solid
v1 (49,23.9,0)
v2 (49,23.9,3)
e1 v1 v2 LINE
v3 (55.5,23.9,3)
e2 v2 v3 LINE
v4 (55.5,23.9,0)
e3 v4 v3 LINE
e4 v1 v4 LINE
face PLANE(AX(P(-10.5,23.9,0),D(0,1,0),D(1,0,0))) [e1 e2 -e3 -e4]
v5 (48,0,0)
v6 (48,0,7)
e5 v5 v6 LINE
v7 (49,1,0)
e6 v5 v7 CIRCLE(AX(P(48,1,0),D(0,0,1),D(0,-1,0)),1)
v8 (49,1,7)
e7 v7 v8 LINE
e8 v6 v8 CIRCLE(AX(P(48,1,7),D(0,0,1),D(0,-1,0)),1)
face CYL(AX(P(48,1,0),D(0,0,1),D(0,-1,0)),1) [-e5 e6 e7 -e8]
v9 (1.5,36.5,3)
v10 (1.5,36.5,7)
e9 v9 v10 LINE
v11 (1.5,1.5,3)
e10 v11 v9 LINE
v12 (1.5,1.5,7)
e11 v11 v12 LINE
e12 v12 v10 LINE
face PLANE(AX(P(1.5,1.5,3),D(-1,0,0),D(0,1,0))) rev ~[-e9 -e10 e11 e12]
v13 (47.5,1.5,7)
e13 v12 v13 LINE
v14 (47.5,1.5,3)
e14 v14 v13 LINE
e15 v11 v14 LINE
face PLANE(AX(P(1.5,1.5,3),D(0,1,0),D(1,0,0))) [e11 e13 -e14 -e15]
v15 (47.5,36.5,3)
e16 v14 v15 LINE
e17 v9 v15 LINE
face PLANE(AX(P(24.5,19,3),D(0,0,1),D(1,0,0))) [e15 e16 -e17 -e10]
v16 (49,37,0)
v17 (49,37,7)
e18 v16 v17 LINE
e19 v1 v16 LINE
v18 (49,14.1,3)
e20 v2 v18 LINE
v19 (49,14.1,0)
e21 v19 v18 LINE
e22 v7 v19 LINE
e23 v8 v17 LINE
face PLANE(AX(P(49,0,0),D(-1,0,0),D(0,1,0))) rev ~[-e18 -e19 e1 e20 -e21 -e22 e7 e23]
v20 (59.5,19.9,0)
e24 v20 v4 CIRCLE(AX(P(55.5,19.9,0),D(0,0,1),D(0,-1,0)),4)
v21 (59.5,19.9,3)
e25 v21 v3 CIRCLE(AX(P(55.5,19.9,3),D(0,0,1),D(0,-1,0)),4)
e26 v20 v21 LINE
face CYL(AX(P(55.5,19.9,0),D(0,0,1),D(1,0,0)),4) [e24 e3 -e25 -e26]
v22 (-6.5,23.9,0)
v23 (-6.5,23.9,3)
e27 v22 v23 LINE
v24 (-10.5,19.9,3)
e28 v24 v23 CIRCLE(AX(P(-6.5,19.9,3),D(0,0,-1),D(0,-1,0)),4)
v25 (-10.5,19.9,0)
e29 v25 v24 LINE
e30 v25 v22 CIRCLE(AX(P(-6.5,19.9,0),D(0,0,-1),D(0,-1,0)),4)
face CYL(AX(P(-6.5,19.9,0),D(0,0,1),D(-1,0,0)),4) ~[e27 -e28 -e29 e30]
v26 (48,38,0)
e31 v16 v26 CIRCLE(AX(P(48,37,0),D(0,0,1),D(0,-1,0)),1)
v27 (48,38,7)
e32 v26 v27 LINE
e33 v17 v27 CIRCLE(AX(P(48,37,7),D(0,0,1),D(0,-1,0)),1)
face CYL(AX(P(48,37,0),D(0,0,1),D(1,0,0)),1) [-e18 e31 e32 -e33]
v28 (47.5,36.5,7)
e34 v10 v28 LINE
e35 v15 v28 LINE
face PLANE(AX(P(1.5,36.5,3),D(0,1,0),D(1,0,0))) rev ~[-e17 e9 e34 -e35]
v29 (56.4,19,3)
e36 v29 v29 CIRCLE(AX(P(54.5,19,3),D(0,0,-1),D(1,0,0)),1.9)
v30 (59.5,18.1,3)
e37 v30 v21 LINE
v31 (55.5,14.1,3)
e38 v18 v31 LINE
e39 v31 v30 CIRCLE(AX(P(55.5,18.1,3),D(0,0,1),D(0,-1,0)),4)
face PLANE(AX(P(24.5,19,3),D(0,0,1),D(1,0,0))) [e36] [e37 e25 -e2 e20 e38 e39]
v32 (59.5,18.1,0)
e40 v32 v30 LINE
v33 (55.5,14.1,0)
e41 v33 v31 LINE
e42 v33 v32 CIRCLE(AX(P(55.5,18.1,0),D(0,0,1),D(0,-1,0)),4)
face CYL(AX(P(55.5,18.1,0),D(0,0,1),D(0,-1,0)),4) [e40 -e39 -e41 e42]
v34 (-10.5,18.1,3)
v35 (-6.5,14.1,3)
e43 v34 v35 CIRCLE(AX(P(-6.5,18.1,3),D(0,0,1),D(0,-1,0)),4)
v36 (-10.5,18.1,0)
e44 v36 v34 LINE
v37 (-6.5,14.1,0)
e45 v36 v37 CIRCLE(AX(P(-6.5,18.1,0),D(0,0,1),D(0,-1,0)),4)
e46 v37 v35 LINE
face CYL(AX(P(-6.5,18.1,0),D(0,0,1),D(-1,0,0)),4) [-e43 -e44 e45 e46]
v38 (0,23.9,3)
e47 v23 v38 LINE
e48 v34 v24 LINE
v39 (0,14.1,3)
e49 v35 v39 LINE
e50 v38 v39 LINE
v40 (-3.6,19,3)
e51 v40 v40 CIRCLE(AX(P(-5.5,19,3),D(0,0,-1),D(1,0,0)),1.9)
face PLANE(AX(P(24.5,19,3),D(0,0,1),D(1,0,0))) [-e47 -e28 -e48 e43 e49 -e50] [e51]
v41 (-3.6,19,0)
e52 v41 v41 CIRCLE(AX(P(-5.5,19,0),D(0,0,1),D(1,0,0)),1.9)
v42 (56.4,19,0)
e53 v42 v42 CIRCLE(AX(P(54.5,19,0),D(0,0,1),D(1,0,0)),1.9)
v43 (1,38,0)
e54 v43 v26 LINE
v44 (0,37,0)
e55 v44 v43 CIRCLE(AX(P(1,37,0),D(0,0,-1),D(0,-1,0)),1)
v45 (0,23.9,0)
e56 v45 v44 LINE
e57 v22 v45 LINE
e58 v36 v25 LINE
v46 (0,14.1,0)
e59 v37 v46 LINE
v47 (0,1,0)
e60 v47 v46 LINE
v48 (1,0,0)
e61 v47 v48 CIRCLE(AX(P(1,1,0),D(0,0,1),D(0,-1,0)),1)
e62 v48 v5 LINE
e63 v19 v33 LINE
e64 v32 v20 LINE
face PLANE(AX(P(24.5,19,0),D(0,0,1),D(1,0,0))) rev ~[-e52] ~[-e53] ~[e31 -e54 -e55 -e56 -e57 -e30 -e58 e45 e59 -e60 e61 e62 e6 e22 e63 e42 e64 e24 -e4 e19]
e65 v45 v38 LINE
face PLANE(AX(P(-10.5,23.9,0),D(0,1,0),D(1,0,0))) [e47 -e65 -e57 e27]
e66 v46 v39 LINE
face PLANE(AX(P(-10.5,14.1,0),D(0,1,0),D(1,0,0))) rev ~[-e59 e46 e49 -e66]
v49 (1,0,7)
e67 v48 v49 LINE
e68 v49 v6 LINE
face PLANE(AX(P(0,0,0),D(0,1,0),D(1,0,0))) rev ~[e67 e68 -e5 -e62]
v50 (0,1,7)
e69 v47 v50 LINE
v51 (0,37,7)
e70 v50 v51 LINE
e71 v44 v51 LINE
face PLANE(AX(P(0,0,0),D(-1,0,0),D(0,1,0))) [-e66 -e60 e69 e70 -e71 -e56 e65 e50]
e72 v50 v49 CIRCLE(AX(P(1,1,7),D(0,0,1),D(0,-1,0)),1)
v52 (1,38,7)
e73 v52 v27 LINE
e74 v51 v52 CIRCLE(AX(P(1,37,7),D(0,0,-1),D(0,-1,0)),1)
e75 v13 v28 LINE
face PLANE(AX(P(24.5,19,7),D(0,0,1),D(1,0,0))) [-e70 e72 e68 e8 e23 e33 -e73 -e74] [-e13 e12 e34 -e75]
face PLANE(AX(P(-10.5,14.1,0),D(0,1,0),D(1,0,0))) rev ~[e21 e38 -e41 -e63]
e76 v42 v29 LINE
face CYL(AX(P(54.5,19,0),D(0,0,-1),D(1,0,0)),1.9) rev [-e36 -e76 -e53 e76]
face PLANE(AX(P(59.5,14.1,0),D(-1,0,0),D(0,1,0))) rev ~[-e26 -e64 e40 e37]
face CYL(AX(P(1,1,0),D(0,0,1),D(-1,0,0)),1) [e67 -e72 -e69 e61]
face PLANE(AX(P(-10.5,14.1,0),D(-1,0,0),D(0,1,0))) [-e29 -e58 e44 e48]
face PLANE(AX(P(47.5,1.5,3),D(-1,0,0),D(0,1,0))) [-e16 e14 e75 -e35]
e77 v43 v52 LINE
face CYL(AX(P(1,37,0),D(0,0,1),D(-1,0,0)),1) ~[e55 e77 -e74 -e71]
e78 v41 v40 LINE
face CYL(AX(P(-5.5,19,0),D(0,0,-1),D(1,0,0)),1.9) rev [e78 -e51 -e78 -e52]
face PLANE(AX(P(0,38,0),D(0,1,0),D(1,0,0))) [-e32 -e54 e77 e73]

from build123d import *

# Parameters (mm, degrees)
BOX001_W          = 46
BOX001_H          = 35
BOX001_DEPTH      = 4
BOX_W             = 49
BOX_H             = 38
BOX_DEPTH         = 7
FILLET_R          = 1
CYLINDER001_R     = 1.9
CYLINDER001_DEPTH = 10
ARRAY002_X_COUNT  = 2
ARRAY002_X_PITCH  = 60
BOX005_W          = 70
BOX005_H          = 9.8
BOX005_DEPTH      = 3
FILLET002_R       = 4


with BuildPart() as internal_cube:
    # Box001 → Box001 (new body)
    with BuildSketch(Plane(origin=(1.5, 1.5, 3), x_dir=(1, 0, 0), z_dir=(0, 0, 1))):
        with Locations((23, 17.5)):
            Rectangle(BOX001_W, BOX001_H)
    extrude(amount=BOX001_DEPTH)


with BuildPart() as external_fillet:
    # Box → Box (new body)
    with BuildSketch(Plane.XY):
        with Locations((24.5, 19)):
            Rectangle(BOX_W, BOX_H)
    extrude(amount=BOX_DEPTH)

    # Fillet
    fillet_edges = [external_fillet.edges().sort_by_distance(p)[0] for p in [
        (0, 0, 3.5),
        (0, 38, 3.5),
        (49, 0, 3.5),
        (49, 38, 3.5),
    ]]
    fillet(fillet_edges, radius=FILLET_R)


with BuildPart() as attach_hole_array:
    # Cylinder001 → Cylinder001 (new body)
    with BuildSketch(Plane(origin=(5, 4.9, 0), x_dir=(1, 0, 0), z_dir=(0, 0, 1))):
        Circle(CYLINDER001_R)
    extrude(amount=CYLINDER001_DEPTH)

    # Array002 X: attach hole array ×2


with BuildPart() as attach_hole_array_1:
    add(attach_hole_array.part)
    with Locations(*[(i * ARRAY002_X_PITCH, 0, 0) for i in range(1, ARRAY002_X_COUNT)]):
        add(attach_hole_array.part)


with BuildPart() as bread_board_cut:
    # Box005 → Box005 (new body)
    with BuildSketch(Plane.XY):
        with Locations((35, 4.9)):
            Rectangle(BOX005_W, BOX005_H)
    extrude(amount=BOX005_DEPTH)

    # Fillet002
    fillet002_edges = [bread_board_cut.edges().sort_by_distance(p)[0] for p in [
        (0, 0, 1.5),
        (0, 9.8, 1.5),
        (70, 0, 1.5),
        (70, 9.8, 1.5),
    ]]
    fillet(fillet002_edges, radius=FILLET002_R)

    # Cut002: cut attach hole array
    add(attach_hole_array_1.part, mode=Mode.SUBTRACT)


with BuildPart() as bread_board_cut_1:
    # Cut002 placement: moved
    add(bread_board_cut.part.moved(Location((-10.5, 14.1, 0))))

    # Fusion: union external fillet
    add(external_fillet.part)

    # Cut: cut internal cube
    add(internal_cube.part, mode=Mode.SUBTRACT)


solid = bread_board_cut_1.part
